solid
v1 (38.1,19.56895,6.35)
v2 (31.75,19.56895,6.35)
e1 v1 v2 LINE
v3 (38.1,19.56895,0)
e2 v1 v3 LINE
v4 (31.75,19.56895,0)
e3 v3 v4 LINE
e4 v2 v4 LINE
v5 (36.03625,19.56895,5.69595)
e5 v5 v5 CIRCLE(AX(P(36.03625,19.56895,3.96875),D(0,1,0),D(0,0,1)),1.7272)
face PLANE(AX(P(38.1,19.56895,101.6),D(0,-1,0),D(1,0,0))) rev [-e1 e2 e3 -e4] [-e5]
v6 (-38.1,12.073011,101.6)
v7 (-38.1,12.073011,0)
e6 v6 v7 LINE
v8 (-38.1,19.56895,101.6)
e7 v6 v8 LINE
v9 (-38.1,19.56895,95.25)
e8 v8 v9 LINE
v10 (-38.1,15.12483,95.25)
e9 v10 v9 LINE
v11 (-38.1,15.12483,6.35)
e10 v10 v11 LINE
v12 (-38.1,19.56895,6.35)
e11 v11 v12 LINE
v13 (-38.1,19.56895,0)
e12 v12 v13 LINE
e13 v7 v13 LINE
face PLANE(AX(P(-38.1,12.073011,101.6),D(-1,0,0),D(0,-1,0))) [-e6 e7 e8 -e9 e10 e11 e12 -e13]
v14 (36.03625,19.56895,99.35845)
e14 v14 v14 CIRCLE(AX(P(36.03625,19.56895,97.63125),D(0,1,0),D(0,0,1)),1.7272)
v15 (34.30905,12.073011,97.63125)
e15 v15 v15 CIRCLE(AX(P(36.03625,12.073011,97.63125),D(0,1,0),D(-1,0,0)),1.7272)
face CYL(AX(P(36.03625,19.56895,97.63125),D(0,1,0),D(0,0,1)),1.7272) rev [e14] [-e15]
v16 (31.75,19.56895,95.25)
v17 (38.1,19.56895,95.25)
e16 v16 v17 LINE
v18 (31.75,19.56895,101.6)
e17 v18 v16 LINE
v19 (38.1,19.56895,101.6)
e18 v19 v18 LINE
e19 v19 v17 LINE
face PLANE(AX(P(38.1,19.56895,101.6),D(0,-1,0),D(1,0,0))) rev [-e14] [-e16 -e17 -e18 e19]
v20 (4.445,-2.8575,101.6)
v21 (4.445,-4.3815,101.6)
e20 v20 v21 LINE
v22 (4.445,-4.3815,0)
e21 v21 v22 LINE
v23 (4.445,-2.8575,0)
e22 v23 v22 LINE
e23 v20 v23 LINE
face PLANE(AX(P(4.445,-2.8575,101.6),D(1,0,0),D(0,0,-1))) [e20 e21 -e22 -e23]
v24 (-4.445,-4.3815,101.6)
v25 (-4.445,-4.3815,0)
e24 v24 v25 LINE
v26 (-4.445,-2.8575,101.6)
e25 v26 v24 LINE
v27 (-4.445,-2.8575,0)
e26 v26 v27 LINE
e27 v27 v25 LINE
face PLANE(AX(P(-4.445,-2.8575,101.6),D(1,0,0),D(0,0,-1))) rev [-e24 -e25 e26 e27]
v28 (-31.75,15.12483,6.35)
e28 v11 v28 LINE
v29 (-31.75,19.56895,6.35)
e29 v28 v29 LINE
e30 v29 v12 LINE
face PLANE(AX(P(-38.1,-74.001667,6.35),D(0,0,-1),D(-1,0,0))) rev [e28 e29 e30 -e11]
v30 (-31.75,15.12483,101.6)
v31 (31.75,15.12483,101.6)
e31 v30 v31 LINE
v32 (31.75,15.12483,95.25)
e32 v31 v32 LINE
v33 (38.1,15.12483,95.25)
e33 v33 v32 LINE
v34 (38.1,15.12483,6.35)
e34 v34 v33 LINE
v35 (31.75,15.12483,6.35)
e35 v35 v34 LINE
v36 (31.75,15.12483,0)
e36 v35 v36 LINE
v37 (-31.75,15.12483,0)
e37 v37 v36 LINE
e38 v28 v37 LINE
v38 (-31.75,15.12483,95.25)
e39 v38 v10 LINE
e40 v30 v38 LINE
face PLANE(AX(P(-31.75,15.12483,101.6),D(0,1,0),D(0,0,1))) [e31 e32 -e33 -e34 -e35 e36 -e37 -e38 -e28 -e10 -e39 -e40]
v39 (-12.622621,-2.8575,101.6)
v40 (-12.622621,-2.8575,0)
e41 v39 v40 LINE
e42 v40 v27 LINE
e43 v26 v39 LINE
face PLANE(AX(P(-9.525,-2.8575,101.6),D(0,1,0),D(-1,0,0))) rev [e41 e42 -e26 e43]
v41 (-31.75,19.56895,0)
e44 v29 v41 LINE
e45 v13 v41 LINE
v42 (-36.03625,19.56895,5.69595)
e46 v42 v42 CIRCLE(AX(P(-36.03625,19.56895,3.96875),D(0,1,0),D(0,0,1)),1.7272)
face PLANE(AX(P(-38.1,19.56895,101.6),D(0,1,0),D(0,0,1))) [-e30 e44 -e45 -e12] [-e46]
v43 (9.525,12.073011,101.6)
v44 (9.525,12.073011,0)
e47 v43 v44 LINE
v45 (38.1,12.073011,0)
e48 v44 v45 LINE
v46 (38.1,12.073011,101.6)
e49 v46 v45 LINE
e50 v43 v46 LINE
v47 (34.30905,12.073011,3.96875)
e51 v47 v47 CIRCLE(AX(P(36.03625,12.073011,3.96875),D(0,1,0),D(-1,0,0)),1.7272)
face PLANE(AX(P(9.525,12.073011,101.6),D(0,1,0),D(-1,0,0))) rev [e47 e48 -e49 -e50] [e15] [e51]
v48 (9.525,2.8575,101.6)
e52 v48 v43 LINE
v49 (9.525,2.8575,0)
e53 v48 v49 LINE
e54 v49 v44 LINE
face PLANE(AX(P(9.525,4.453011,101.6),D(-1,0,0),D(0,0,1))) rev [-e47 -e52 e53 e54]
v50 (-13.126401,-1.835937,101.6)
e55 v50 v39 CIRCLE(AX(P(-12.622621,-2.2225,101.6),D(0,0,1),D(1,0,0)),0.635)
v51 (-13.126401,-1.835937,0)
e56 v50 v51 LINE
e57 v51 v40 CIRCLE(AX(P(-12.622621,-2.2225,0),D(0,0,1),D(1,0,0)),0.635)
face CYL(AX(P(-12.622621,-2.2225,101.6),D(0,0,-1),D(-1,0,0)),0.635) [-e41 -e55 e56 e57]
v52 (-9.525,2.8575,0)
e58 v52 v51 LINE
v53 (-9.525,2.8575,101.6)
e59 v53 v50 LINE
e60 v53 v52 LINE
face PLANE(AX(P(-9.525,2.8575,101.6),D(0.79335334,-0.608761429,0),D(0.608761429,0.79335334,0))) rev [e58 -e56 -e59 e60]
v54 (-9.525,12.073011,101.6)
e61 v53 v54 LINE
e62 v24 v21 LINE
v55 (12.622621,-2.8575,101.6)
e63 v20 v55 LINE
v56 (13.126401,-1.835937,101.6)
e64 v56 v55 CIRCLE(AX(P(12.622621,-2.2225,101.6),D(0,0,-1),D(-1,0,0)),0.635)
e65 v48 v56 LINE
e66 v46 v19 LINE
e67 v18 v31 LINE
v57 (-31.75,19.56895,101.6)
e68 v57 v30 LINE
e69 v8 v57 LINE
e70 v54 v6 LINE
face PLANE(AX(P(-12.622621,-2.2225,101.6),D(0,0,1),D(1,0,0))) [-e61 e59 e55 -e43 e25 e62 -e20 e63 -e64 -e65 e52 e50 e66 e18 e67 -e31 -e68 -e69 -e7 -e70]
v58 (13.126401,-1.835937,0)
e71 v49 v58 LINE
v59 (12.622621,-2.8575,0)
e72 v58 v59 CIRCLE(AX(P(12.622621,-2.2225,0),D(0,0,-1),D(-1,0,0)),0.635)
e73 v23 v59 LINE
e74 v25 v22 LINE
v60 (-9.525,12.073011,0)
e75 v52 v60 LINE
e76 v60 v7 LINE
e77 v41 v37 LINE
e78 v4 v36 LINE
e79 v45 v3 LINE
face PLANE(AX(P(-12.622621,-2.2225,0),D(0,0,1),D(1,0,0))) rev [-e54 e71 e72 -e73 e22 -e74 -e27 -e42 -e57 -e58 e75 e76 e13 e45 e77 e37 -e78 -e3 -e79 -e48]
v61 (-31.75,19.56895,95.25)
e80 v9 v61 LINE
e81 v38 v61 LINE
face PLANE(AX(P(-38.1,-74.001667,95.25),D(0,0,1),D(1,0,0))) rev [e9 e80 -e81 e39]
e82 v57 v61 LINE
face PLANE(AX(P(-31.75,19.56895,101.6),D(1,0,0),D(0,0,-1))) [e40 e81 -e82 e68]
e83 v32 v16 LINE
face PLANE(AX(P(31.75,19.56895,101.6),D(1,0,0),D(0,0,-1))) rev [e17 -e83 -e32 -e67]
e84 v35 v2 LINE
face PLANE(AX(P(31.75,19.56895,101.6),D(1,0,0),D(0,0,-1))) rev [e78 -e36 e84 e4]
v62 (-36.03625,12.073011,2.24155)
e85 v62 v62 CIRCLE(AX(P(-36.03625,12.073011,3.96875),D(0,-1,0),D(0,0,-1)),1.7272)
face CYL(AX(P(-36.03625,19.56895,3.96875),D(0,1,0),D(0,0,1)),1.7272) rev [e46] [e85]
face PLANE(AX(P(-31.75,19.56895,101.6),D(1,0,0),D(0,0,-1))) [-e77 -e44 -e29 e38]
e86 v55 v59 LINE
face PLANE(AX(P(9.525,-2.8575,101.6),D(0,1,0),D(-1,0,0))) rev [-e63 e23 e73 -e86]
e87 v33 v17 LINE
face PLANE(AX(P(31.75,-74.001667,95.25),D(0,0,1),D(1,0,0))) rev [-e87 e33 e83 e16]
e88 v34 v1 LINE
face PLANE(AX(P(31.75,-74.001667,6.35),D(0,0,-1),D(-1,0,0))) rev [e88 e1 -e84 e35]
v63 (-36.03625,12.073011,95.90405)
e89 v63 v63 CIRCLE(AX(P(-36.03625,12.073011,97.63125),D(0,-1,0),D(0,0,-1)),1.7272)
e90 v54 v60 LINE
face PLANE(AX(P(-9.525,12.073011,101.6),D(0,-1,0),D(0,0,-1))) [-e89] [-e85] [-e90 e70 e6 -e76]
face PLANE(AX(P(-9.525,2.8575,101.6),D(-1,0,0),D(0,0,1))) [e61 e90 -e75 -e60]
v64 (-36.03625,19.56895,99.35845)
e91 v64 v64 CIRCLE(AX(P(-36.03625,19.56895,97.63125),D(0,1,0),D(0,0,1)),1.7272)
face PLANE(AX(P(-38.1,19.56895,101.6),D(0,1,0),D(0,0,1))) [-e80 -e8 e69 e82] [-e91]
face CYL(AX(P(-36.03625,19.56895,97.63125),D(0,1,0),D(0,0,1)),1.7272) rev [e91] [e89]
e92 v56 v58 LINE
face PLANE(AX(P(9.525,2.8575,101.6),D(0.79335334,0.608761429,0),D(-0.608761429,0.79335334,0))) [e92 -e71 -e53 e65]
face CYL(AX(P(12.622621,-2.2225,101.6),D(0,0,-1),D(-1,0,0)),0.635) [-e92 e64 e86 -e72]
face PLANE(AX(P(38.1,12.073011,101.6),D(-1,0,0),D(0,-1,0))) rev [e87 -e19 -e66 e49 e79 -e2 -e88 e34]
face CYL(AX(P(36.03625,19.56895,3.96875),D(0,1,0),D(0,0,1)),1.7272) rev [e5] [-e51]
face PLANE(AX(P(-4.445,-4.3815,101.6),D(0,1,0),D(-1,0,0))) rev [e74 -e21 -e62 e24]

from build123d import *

# Parameters (mm, degrees)
BOSS_EXTRUDE1_DEPTH   = 101.6
SKETCH4_W             = 6.35
SKETCH4_H             = 88.9
CUT_EXTRUDE1_DEPTH    = 4.444119865
SKETCH5_W             = 6.35
SKETCH5_H             = 88.9
CUT_EXTRUDE2_DEPTH    = 4.444119865
F_4_CLEARANCE_HOLE1_D = 3.4544
F_4_CLEARANCE_HOLE2_D = 3.4544
F_4_CLEARANCE_HOLE3_D = 3.4544
F_4_CLEARANCE_HOLE4_D = 3.4544


with BuildPart() as part:
    # Sketch1 → Boss-Extrude1 (new body)
    with BuildSketch(Plane.XY):
        with BuildLine():
            Line((-9.525, 2.8575), (-9.525, 4.453010906))
            Line((-9.525, 4.453010906), (-9.525, 12.073010906))
            Line((-9.525, 12.073010906), (-38.1, 12.073010906))
            Line((-38.1, 12.073010906), (-38.1, 19.568949913))
            Line((-38.1, 19.568949913), (-31.75, 19.568949913))
            Line((-31.75, 19.568949913), (-31.75, 15.124830048))
            Line((-31.75, 15.124830048), (31.75, 15.124830048))
            Line((31.75, 15.124830048), (31.75, 19.568949913))
            Line((31.75, 19.568949913), (38.1, 19.568949913))
            Line((38.1, 19.568949913), (38.1, 12.073010906))
            Line((38.1, 12.073010906), (9.525, 12.073010906))
            Line((9.525, 12.073010906), (9.525, 4.453010906))
            Line((9.525, 4.453010906), (9.525, 2.8575))
            Line((9.525, 2.8575), (13.126400516, -1.835936531))
            ThreePointArc((13.126400516, -1.835936531), (13.192135312, -2.503353309), (12.622621186, -2.8575))
            Line((12.622621186, -2.8575), (9.525, -2.8575))
            Line((9.525, -2.8575), (4.445, -2.8575))
            Line((4.445, -2.8575), (4.445, -4.3815))
            Line((4.445, -4.3815), (-4.445, -4.3815))
            Line((-4.445, -4.3815), (-4.445, -2.8575))
            Line((-4.445, -2.8575), (-9.525, -2.8575))
            Line((-9.525, -2.8575), (-12.622621186, -2.8575))
            ThreePointArc((-12.622621186, -2.8575), (-13.192135312, -2.503353309), (-13.126400516, -1.835936531))
            Line((-13.126400516, -1.835936531), (-9.525, 2.8575))
        make_face()
    extrude(amount=BOSS_EXTRUDE1_DEPTH)

    # Sketch4 → Cut-Extrude1 (cut)
    with BuildSketch(Plane(origin=(0, 19.568949913, 0), x_dir=(1, 0, 0), z_dir=(0, 1, 0))):
        with Locations((-34.925, -50.8)):
            Rectangle(SKETCH4_W, SKETCH4_H)
    extrude(amount=-CUT_EXTRUDE1_DEPTH, mode=Mode.SUBTRACT)

    # Sketch5 → Cut-Extrude2 (cut)
    with BuildSketch(Plane(origin=(0, 19.568949913, 0), x_dir=(1, 0, 0), z_dir=(0, 1, 0))):
        with Locations((34.925, -50.8)):
            Rectangle(SKETCH5_W, SKETCH5_H)
    extrude(amount=-CUT_EXTRUDE2_DEPTH, mode=Mode.SUBTRACT)

    # #4 Clearance Hole1 (through all)
    with Locations(Plane(origin=(-36.03625, 19.568949913, 3.96875), x_dir=(0, 0, 1), z_dir=(0, 1, 0))):
        with Locations((0, 0)):
            Hole(F_4_CLEARANCE_HOLE1_D / 2)

    # #4 Clearance Hole2 (through all)
    with Locations(Plane(origin=(36.03625, 19.568949913, 3.96875), x_dir=(0, 0, 1), z_dir=(0, 1, 0))):
        with Locations((0, 0)):
            Hole(F_4_CLEARANCE_HOLE2_D / 2)

    # #4 Clearance Hole3 (through all)
    with Locations(Plane(origin=(-36.03625, 19.568949913, 97.63125), x_dir=(0, 0, 1), z_dir=(0, 1, 0))):
        with Locations((0, 0)):
            Hole(F_4_CLEARANCE_HOLE3_D / 2)

    # #4 Clearance Hole4 (through all)
    with Locations(Plane(origin=(36.03625, 19.568949913, 97.63125), x_dir=(0, 0, 1), z_dir=(0, 1, 0))):
        with Locations((0, 0)):
            Hole(F_4_CLEARANCE_HOLE4_D / 2)


solid = part.part
